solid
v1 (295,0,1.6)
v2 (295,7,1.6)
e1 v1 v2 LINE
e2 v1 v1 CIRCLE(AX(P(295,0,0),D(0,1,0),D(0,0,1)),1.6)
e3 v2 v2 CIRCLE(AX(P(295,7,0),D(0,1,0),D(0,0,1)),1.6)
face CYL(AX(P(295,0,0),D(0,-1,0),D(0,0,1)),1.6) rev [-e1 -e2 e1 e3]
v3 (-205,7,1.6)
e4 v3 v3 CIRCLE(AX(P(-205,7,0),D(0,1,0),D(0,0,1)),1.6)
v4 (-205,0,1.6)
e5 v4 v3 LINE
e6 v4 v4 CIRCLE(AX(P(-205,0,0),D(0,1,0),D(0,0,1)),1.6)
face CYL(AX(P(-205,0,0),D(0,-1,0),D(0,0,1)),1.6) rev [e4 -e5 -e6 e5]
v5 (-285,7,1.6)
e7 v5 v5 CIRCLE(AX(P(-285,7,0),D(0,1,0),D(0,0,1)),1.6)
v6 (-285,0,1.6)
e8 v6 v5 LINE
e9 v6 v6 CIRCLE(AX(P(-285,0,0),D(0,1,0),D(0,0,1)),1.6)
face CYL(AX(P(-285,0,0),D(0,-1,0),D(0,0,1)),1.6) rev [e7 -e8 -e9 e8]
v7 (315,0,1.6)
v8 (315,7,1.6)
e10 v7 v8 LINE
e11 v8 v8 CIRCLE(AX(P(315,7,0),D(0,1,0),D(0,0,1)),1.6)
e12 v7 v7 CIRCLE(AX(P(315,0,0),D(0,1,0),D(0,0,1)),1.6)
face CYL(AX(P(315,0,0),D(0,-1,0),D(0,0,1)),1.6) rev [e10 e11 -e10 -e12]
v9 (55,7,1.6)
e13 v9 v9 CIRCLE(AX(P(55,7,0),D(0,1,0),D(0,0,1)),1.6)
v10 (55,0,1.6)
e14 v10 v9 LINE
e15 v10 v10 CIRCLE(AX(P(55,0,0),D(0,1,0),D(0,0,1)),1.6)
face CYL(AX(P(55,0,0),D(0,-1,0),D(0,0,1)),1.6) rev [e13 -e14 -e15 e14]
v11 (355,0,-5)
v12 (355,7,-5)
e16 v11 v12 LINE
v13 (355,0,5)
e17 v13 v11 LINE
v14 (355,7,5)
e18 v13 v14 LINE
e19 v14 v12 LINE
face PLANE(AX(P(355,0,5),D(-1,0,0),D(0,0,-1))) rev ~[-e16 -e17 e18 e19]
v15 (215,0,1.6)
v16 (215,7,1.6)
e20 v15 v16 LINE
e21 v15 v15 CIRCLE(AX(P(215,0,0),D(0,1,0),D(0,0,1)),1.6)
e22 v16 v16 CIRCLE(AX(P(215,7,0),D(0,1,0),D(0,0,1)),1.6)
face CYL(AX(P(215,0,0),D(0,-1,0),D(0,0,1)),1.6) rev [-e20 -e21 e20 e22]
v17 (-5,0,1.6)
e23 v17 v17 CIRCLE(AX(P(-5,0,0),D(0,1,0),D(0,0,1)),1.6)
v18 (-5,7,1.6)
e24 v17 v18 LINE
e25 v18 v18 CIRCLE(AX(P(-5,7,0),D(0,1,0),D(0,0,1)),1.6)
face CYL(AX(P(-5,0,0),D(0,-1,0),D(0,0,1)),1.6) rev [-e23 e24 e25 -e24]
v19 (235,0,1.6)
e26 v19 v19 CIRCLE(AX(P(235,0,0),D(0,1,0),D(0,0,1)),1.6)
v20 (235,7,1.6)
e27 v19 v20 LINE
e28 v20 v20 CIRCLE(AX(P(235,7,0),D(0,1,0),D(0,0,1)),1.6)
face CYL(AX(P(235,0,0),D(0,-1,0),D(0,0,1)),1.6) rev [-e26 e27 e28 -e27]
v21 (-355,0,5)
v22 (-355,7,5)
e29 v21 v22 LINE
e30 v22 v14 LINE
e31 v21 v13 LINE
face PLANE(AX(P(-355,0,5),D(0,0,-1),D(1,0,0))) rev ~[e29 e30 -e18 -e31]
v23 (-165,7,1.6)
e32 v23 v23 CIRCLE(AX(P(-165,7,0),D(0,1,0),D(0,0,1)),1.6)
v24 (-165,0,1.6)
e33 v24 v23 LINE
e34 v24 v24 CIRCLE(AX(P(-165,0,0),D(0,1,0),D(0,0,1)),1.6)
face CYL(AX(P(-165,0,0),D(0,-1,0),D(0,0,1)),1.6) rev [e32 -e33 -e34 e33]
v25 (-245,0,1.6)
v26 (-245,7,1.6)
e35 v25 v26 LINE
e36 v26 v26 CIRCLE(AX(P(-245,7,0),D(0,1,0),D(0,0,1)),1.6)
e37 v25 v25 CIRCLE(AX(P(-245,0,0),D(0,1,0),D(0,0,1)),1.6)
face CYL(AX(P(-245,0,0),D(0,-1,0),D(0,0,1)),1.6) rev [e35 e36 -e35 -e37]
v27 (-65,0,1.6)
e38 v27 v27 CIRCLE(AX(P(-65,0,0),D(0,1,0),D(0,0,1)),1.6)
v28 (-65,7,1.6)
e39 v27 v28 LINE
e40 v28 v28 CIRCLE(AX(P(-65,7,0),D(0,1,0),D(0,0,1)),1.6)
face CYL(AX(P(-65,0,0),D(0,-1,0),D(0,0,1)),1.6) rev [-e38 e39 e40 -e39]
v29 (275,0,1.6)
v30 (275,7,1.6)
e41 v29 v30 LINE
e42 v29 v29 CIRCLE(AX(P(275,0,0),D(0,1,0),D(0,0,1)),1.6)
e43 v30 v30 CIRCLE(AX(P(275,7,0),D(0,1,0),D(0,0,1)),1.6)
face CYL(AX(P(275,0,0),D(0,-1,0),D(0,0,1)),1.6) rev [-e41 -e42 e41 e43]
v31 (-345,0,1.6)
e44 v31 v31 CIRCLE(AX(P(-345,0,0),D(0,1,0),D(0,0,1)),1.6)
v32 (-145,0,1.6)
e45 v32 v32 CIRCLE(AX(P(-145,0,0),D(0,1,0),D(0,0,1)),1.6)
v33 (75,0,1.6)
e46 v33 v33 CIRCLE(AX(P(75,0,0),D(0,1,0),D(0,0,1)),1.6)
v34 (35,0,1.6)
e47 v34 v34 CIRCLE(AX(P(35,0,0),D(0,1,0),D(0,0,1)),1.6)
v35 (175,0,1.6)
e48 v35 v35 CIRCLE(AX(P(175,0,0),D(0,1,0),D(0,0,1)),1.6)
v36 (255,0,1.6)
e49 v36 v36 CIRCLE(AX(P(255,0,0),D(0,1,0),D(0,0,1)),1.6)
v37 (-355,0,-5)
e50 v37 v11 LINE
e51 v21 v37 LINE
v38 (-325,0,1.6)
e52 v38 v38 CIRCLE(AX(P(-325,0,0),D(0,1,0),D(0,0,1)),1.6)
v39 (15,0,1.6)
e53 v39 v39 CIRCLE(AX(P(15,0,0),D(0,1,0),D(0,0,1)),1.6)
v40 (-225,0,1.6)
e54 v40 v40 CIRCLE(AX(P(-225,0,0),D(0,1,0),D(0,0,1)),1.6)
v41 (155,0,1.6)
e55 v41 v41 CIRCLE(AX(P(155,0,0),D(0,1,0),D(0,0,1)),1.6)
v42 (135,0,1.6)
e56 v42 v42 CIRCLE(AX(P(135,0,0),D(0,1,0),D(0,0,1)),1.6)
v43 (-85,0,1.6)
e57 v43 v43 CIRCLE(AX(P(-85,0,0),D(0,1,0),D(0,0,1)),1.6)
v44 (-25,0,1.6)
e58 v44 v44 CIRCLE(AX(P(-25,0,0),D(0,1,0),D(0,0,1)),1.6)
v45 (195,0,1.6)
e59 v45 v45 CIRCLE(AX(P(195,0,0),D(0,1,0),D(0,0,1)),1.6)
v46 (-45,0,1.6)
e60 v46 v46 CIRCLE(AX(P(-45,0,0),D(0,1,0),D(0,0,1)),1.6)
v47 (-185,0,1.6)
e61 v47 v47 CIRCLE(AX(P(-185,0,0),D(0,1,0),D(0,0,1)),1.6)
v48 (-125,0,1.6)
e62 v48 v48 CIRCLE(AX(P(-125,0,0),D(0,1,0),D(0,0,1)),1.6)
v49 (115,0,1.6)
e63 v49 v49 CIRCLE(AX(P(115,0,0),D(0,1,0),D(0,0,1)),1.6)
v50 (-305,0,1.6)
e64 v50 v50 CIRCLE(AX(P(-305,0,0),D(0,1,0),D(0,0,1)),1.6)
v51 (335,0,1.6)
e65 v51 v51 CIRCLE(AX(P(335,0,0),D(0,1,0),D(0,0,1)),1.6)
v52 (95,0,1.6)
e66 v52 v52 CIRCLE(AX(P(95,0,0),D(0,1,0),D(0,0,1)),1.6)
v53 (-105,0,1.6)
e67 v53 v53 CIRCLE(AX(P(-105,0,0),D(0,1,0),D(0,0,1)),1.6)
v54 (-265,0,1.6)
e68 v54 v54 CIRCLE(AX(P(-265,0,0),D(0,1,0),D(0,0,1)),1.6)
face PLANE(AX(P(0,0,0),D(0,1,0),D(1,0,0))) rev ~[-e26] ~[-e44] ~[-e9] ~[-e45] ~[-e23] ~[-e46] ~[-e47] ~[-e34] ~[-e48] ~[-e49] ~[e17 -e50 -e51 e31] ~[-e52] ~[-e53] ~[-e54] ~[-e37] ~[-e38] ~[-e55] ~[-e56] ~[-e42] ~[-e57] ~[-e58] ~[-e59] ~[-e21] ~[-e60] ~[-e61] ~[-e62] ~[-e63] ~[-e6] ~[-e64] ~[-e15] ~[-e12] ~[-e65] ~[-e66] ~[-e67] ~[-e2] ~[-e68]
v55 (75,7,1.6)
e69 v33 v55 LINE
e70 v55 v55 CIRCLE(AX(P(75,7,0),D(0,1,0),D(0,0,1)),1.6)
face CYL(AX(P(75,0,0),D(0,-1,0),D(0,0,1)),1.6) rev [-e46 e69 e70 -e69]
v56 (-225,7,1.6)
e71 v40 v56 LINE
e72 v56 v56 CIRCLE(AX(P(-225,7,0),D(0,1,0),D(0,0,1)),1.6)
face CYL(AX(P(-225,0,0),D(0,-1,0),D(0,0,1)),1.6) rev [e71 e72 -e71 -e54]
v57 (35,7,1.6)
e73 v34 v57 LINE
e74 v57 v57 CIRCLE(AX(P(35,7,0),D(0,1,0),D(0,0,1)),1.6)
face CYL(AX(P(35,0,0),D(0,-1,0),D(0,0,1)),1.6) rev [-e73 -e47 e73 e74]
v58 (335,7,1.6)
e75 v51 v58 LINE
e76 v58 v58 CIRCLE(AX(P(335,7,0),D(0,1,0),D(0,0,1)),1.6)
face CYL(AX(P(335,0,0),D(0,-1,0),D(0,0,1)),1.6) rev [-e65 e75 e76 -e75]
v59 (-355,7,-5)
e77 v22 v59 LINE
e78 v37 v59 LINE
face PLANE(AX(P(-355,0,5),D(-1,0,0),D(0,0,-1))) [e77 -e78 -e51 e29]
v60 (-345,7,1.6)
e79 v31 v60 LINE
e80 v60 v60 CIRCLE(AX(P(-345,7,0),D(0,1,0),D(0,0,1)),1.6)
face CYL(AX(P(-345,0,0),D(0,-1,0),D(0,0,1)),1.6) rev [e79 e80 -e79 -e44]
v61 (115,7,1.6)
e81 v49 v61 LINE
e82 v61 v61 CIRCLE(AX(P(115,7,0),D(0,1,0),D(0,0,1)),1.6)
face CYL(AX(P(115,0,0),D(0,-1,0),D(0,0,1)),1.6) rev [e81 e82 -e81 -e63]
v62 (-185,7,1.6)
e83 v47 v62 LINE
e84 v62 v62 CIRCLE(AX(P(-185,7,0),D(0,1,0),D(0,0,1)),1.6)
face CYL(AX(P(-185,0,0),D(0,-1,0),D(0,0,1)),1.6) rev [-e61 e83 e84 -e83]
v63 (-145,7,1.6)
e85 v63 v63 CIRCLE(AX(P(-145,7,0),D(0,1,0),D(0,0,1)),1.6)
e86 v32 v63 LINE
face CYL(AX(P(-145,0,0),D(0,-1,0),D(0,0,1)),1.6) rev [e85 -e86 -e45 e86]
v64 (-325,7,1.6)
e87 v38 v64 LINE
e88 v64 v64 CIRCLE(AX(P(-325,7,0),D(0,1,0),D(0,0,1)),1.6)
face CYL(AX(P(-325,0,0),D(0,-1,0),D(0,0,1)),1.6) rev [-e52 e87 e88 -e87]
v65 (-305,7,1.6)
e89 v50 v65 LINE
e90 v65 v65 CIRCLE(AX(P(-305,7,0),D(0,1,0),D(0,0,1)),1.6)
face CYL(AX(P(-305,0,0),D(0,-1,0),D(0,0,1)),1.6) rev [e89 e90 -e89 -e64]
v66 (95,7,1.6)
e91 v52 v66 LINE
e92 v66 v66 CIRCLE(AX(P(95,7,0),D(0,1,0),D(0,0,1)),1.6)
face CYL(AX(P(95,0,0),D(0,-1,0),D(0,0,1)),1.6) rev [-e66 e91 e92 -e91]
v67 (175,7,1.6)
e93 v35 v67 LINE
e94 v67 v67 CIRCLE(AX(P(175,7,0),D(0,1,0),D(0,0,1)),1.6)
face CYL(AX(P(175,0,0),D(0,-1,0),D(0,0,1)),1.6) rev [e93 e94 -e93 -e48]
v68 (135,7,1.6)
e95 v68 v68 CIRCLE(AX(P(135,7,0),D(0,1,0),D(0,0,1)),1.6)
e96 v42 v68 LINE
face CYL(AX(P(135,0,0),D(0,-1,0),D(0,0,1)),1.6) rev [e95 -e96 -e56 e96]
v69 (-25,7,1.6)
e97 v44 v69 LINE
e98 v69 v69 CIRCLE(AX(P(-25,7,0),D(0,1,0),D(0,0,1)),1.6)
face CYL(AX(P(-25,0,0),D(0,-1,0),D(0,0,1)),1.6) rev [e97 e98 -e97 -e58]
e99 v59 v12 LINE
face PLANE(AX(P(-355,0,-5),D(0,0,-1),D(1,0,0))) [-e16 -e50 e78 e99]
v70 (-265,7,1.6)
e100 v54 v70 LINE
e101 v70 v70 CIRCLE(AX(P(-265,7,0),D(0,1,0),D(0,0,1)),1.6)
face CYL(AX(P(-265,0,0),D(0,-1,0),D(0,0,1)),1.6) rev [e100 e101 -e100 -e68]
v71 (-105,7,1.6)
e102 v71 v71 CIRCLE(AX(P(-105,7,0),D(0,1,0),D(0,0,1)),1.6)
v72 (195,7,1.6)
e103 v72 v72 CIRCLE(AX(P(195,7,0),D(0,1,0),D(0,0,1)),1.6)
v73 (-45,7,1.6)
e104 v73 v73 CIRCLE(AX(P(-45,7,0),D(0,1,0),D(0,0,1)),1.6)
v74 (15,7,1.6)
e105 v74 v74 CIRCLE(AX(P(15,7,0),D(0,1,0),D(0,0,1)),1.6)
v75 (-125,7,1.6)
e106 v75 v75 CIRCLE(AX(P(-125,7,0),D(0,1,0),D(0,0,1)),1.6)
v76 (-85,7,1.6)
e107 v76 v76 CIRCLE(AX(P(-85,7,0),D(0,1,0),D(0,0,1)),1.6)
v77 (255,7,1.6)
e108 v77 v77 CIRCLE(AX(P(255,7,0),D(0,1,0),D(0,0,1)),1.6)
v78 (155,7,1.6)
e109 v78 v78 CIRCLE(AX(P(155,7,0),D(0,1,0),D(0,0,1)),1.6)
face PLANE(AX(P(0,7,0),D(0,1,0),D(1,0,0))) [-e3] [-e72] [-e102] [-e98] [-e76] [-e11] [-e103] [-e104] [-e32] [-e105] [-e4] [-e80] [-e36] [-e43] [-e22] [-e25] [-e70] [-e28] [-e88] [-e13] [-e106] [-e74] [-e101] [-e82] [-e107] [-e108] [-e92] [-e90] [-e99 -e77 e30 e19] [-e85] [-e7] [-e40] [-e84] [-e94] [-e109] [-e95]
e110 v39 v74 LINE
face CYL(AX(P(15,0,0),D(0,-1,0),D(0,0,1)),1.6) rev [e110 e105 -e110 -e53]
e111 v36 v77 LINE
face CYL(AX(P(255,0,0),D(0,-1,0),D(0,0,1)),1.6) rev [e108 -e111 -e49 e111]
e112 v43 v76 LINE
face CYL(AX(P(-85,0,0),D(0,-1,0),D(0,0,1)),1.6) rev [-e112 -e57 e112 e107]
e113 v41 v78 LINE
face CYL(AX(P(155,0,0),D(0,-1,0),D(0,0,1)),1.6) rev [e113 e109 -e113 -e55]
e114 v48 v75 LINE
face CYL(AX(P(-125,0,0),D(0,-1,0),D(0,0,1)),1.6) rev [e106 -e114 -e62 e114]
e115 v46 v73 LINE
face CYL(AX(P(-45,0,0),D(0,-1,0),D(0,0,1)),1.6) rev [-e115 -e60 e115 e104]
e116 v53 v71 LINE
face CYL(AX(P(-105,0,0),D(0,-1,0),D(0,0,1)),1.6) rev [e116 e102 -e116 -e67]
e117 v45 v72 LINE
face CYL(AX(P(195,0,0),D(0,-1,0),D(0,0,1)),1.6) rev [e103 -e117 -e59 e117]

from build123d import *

# Parameters (mm, degrees)
SKETCH_1_W      = 710
SKETCH_1_H      = 10
SKETCH_1_R      = 1.6
EXTRUDE_1_DEPTH = 7


with BuildPart() as part:
    # 草图1 → 凸台-拉伸1 (new body)
    with BuildSketch(Plane(origin=(0, 0, 0), x_dir=(1, 0, 0), z_dir=(0, 1, 0))):
        Rectangle(SKETCH_1_W, SKETCH_1_H)
        with Locations(Location((-345, 0, 0), (0, 0, 270))):
            Circle(SKETCH_1_R, mode=Mode.SUBTRACT)
        with Locations(Location((-325, 0, 0), (0, 0, 270))):
            Circle(SKETCH_1_R, mode=Mode.SUBTRACT)
        with Locations(Location((-305, 0, 0), (0, 0, 270))):
            Circle(SKETCH_1_R, mode=Mode.SUBTRACT)
        with Locations(Location((-285, 0, 0), (0, 0, 270))):
            Circle(SKETCH_1_R, mode=Mode.SUBTRACT)
        with Locations(Location((-265, 0, 0), (0, 0, 270))):
            Circle(SKETCH_1_R, mode=Mode.SUBTRACT)
        with Locations(Location((-245, 0, 0), (0, 0, 270))):
            Circle(SKETCH_1_R, mode=Mode.SUBTRACT)
        with Locations(Location((-225, 0, 0), (0, 0, 270))):
            Circle(SKETCH_1_R, mode=Mode.SUBTRACT)
        with Locations(Location((-205, 0, 0), (0, 0, 270))):
            Circle(SKETCH_1_R, mode=Mode.SUBTRACT)
        with Locations(Location((-185, 0, 0), (0, 0, 270))):
            Circle(SKETCH_1_R, mode=Mode.SUBTRACT)
        with Locations(Location((-165, 0, 0), (0, 0, 270))):
            Circle(SKETCH_1_R, mode=Mode.SUBTRACT)
        with Locations(Location((-145, 0, 0), (0, 0, 270))):
            Circle(SKETCH_1_R, mode=Mode.SUBTRACT)
        with Locations(Location((-125, 0, 0), (0, 0, 270))):
            Circle(SKETCH_1_R, mode=Mode.SUBTRACT)
        with Locations(Location((-105, 0, 0), (0, 0, 270))):
            Circle(SKETCH_1_R, mode=Mode.SUBTRACT)
        with Locations(Location((-85, 0, 0), (0, 0, 270))):
            Circle(SKETCH_1_R, mode=Mode.SUBTRACT)
        with Locations(Location((-65, 0, 0), (0, 0, 270))):
            Circle(SKETCH_1_R, mode=Mode.SUBTRACT)
        with Locations(Location((-45, 0, 0), (0, 0, 270))):
            Circle(SKETCH_1_R, mode=Mode.SUBTRACT)
        with Locations(Location((-25, 0, 0), (0, 0, 270))):
            Circle(SKETCH_1_R, mode=Mode.SUBTRACT)
        with Locations(Location((-5, 0, 0), (0, 0, 270))):
            Circle(SKETCH_1_R, mode=Mode.SUBTRACT)
        with Locations(Location((15, 0, 0), (0, 0, 270))):
            Circle(SKETCH_1_R, mode=Mode.SUBTRACT)
        with Locations(Location((35, 0, 0), (0, 0, 270))):
            Circle(SKETCH_1_R, mode=Mode.SUBTRACT)
        with Locations(Location((55, 0, 0), (0, 0, 270))):
            Circle(SKETCH_1_R, mode=Mode.SUBTRACT)
        with Locations(Location((75, 0, 0), (0, 0, 270))):
            Circle(SKETCH_1_R, mode=Mode.SUBTRACT)
        with Locations(Location((95, 0, 0), (0, 0, 270))):
            Circle(SKETCH_1_R, mode=Mode.SUBTRACT)
        with Locations(Location((115, 0, 0), (0, 0, 270))):
            Circle(SKETCH_1_R, mode=Mode.SUBTRACT)
        with Locations(Location((135, 0, 0), (0, 0, 270))):
            Circle(SKETCH_1_R, mode=Mode.SUBTRACT)
        with Locations(Location((155, 0, 0), (0, 0, 270))):
            Circle(SKETCH_1_R, mode=Mode.SUBTRACT)
        with Locations(Location((175, 0, 0), (0, 0, 270))):
            Circle(SKETCH_1_R, mode=Mode.SUBTRACT)
        with Locations(Location((195, 0, 0), (0, 0, 270))):
            Circle(SKETCH_1_R, mode=Mode.SUBTRACT)
        with Locations(Location((215, 0, 0), (0, 0, 270))):
            Circle(SKETCH_1_R, mode=Mode.SUBTRACT)
        with Locations(Location((235, 0, 0), (0, 0, 270))):
            Circle(SKETCH_1_R, mode=Mode.SUBTRACT)
        with Locations(Location((255, 0, 0), (0, 0, 270))):
            Circle(SKETCH_1_R, mode=Mode.SUBTRACT)
        with Locations(Location((275, 0, 0), (0, 0, 270))):
            Circle(SKETCH_1_R, mode=Mode.SUBTRACT)
        with Locations(Location((295, 0, 0), (0, 0, 270))):
            Circle(SKETCH_1_R, mode=Mode.SUBTRACT)
        with Locations(Location((315, 0, 0), (0, 0, 270))):
            Circle(SKETCH_1_R, mode=Mode.SUBTRACT)
        with Locations(Location((335, 0, 0), (0, 0, 270))):
            Circle(SKETCH_1_R, mode=Mode.SUBTRACT)
    extrude(amount=EXTRUDE_1_DEPTH)


solid = part.part
